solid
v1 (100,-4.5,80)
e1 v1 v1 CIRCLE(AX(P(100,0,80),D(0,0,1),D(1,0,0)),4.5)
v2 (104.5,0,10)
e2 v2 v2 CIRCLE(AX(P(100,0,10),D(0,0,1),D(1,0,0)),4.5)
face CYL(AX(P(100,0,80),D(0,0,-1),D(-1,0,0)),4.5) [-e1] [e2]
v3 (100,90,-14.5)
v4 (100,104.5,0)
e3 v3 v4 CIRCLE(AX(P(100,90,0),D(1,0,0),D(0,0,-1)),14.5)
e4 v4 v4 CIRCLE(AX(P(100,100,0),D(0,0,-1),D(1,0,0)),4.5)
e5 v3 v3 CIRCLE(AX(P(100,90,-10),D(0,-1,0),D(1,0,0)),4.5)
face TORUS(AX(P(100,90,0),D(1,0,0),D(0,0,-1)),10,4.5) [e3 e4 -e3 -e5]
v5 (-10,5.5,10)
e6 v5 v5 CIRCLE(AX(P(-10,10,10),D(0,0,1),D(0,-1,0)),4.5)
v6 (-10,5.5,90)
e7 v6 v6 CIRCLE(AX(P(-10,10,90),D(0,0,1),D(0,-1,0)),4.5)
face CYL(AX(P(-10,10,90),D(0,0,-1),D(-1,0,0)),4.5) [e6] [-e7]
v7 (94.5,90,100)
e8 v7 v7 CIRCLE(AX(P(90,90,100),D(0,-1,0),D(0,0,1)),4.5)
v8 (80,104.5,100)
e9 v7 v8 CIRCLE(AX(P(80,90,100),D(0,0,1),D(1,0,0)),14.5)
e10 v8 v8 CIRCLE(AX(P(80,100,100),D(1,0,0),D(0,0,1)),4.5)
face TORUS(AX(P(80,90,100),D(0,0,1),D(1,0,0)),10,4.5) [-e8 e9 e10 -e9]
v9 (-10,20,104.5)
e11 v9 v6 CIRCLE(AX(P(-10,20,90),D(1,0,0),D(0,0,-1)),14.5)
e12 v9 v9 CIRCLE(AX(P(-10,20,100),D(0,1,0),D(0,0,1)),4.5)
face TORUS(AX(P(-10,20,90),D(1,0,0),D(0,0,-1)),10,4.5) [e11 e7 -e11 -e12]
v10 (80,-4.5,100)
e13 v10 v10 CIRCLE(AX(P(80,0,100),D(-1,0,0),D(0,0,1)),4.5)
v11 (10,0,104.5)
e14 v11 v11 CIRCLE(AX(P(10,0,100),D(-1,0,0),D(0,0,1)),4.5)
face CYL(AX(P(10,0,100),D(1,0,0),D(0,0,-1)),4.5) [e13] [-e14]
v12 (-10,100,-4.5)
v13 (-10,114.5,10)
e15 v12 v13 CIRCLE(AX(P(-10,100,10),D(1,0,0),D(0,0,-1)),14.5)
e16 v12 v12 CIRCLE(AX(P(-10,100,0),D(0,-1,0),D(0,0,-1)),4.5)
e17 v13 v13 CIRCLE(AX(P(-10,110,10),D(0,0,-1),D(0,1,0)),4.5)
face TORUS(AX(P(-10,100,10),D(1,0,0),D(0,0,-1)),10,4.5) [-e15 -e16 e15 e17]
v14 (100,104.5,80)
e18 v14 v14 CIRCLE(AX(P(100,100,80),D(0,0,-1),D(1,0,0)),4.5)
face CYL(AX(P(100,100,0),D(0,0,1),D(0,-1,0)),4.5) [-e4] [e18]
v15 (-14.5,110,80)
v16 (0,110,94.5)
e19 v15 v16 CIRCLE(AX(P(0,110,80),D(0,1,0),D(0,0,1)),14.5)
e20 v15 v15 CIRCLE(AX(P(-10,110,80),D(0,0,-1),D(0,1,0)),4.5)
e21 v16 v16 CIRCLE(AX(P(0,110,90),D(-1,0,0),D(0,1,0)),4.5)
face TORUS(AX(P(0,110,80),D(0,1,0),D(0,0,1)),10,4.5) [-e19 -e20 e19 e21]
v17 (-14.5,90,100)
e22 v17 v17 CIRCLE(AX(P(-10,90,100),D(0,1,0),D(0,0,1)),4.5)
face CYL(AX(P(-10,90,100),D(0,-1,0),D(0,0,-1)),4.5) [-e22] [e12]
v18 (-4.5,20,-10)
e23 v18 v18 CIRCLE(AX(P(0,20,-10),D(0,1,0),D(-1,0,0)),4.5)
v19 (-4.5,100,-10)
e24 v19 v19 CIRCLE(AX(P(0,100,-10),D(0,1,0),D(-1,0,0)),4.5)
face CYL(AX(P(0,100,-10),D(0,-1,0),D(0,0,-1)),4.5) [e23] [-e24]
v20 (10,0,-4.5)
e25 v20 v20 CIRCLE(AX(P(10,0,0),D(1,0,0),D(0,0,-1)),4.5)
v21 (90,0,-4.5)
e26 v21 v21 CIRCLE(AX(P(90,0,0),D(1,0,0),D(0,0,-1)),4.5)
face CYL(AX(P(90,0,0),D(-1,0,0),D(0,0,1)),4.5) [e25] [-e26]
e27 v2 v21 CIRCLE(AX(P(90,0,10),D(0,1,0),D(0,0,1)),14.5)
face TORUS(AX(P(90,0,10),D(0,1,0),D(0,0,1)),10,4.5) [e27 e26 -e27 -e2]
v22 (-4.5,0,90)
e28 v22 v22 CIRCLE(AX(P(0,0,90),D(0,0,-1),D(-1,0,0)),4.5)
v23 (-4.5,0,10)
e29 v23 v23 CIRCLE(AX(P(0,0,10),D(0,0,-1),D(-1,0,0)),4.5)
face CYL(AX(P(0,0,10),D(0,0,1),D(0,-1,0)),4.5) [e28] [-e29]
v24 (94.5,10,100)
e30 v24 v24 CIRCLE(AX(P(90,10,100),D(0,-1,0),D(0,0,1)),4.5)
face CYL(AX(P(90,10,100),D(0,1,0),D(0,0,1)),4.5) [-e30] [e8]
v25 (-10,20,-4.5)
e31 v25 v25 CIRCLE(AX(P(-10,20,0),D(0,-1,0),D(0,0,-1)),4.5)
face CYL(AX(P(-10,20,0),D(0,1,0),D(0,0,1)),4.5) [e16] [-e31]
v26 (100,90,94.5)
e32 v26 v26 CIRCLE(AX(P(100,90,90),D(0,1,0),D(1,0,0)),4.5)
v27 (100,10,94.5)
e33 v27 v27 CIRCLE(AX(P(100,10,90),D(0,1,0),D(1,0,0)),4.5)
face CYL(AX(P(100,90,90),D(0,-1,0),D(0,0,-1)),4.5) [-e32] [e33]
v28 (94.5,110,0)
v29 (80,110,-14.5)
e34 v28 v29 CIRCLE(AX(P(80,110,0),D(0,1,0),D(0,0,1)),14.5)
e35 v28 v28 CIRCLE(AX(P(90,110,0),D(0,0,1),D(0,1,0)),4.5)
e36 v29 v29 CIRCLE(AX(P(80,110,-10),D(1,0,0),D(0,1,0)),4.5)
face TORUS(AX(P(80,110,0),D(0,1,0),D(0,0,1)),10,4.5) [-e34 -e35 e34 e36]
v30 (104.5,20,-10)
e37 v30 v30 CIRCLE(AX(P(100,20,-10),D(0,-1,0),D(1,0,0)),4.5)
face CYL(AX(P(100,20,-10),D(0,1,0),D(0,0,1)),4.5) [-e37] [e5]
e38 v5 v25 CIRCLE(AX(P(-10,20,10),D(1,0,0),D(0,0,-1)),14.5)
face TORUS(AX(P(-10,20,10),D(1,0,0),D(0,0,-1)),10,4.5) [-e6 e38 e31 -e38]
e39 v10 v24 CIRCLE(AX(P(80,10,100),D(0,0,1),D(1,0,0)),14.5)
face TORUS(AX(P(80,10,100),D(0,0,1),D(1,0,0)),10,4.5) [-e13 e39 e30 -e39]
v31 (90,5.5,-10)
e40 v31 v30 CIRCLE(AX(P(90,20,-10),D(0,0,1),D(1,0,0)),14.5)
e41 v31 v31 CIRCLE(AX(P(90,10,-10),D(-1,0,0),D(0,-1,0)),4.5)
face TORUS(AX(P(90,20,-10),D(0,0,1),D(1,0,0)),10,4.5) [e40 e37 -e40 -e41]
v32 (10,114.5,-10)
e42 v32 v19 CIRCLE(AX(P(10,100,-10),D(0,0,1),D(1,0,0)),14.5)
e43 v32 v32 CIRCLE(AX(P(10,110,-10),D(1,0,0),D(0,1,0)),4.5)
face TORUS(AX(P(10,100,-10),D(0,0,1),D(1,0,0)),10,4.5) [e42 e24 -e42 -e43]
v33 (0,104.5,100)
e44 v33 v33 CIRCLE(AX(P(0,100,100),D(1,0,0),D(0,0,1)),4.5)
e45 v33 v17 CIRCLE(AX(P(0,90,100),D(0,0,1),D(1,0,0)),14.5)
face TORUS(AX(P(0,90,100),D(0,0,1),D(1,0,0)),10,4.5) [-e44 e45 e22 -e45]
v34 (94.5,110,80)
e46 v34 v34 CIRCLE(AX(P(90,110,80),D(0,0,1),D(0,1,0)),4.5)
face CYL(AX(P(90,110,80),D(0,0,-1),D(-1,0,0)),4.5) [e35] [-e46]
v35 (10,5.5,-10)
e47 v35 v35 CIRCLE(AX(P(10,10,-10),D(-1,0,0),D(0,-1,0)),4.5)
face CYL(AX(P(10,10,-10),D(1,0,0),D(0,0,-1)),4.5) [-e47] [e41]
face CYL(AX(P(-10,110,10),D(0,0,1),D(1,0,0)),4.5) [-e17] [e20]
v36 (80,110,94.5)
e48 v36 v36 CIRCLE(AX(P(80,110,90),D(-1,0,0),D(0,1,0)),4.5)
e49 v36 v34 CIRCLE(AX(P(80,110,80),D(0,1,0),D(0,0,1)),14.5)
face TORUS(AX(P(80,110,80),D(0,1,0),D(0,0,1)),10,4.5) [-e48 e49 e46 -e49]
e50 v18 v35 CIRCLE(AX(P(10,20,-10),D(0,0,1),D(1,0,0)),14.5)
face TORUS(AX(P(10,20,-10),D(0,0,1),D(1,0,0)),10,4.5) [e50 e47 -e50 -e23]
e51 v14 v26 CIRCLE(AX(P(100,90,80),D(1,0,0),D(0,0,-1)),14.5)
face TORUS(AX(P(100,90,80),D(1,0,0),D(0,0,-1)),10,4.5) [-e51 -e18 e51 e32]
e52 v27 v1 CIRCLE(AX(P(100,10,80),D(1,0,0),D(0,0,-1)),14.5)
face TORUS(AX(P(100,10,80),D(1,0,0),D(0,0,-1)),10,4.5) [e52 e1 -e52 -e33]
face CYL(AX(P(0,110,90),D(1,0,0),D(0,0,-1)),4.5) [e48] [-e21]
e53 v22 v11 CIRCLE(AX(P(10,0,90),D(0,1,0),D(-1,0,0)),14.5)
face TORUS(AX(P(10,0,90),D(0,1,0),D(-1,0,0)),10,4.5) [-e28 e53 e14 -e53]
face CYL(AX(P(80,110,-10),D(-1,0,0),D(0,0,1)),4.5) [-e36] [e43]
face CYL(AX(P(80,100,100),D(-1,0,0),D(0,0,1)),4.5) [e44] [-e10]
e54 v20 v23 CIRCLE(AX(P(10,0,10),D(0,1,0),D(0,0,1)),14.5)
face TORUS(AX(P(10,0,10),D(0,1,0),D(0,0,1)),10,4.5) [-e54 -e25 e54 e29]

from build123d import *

# Parameters (mm, degrees)
SKETCH_1_R = 4.5


with BuildPart() as part:
    # ｽｲｰﾌﾟ1: sweep along a curve in space
    with BuildLine() as sweep_1_path:
        Line((90, 0, 0), (10, 0, 0))
        ThreePointArc((0, 0, 10), (2.928932188, 0, 2.928932188), (10, 0, 0))
        Line((0, 0, 90), (0, 0, 10))
        ThreePointArc((10, 0, 100), (2.928932188, 0, 97.071067812), (0, 0, 90))
        Line((80, 0, 100), (10, 0, 100))
        ThreePointArc((90, 10, 100), (87.071067812, 2.928932188, 100), (80, 0, 100))
        Line((90, 90, 100), (90, 10, 100))
        ThreePointArc((80, 100, 100), (87.071067812, 97.071067812, 100), (90, 90, 100))
        Line((0, 100, 100), (80, 100, 100))
        ThreePointArc((-10, 90, 100), (-7.071067812, 97.071067812, 100), (0, 100, 100))
        Line((-10, 20, 100), (-10, 90, 100))
        ThreePointArc((-10, 10, 90), (-10, 12.928932188, 97.071067812), (-10, 20, 100))
        Line((-10, 10, 10), (-10, 10, 90))
        ThreePointArc((-10, 20, 0), (-10, 12.928932188, 2.928932188), (-10, 10, 10))
        Line((-10, 100, 0), (-10, 20, 0))
        ThreePointArc((-10, 110, 10), (-10, 107.071067812, 2.928932188), (-10, 100, 0))
        Line((-10, 110, 80), (-10, 110, 10))
        ThreePointArc((0, 110, 90), (-7.071067812, 110, 87.071067812), (-10, 110, 80))
        Line((80, 110, 90), (0, 110, 90))
        ThreePointArc((90, 110, 80), (87.071067812, 110, 87.071067812), (80, 110, 90))
        Line((90, 110, 0), (90, 110, 80))
        ThreePointArc((80, 110, -10), (87.071067812, 110, -7.071067812), (90, 110, 0))
        Line((10, 110, -10), (80, 110, -10))
        ThreePointArc((0, 100, -10), (2.928932188, 107.071067812, -10), (10, 110, -10))
        Line((0, 20, -10), (0, 100, -10))
        ThreePointArc((10, 10, -10), (2.928932188, 12.928932188, -10), (0, 20, -10))
        Line((90, 10, -10), (10, 10, -10))
        ThreePointArc((100, 20, -10), (97.071067812, 12.928932188, -10), (90, 10, -10))
        Line((100, 90, -10), (100, 20, -10))
        ThreePointArc((100, 100, 0), (100, 97.071067812, -7.071067812), (100, 90, -10))
        Line((100, 100, 80), (100, 100, 0))
        ThreePointArc((100, 90, 90), (100, 97.071067812, 87.071067812), (100, 100, 80))
        Line((100, 10, 90), (100, 90, 90))
        ThreePointArc((100, 0, 80), (100, 2.928932188, 87.071067812), (100, 10, 90))
        Line((100, 0, 10), (100, 0, 80))
        ThreePointArc((100, 0, 10), (97.071067812, 0, 2.928932188), (90, 0, 0))
    # ｽｹｯﾁ1 → ｽｲｰﾌﾟ1 (sweep)
    with BuildSketch(Plane.XY.offset(10)):
        with Locations((100, 0)):
            Circle(SKETCH_1_R)
    sweep(path=sweep_1_path.line)


solid = part.part
